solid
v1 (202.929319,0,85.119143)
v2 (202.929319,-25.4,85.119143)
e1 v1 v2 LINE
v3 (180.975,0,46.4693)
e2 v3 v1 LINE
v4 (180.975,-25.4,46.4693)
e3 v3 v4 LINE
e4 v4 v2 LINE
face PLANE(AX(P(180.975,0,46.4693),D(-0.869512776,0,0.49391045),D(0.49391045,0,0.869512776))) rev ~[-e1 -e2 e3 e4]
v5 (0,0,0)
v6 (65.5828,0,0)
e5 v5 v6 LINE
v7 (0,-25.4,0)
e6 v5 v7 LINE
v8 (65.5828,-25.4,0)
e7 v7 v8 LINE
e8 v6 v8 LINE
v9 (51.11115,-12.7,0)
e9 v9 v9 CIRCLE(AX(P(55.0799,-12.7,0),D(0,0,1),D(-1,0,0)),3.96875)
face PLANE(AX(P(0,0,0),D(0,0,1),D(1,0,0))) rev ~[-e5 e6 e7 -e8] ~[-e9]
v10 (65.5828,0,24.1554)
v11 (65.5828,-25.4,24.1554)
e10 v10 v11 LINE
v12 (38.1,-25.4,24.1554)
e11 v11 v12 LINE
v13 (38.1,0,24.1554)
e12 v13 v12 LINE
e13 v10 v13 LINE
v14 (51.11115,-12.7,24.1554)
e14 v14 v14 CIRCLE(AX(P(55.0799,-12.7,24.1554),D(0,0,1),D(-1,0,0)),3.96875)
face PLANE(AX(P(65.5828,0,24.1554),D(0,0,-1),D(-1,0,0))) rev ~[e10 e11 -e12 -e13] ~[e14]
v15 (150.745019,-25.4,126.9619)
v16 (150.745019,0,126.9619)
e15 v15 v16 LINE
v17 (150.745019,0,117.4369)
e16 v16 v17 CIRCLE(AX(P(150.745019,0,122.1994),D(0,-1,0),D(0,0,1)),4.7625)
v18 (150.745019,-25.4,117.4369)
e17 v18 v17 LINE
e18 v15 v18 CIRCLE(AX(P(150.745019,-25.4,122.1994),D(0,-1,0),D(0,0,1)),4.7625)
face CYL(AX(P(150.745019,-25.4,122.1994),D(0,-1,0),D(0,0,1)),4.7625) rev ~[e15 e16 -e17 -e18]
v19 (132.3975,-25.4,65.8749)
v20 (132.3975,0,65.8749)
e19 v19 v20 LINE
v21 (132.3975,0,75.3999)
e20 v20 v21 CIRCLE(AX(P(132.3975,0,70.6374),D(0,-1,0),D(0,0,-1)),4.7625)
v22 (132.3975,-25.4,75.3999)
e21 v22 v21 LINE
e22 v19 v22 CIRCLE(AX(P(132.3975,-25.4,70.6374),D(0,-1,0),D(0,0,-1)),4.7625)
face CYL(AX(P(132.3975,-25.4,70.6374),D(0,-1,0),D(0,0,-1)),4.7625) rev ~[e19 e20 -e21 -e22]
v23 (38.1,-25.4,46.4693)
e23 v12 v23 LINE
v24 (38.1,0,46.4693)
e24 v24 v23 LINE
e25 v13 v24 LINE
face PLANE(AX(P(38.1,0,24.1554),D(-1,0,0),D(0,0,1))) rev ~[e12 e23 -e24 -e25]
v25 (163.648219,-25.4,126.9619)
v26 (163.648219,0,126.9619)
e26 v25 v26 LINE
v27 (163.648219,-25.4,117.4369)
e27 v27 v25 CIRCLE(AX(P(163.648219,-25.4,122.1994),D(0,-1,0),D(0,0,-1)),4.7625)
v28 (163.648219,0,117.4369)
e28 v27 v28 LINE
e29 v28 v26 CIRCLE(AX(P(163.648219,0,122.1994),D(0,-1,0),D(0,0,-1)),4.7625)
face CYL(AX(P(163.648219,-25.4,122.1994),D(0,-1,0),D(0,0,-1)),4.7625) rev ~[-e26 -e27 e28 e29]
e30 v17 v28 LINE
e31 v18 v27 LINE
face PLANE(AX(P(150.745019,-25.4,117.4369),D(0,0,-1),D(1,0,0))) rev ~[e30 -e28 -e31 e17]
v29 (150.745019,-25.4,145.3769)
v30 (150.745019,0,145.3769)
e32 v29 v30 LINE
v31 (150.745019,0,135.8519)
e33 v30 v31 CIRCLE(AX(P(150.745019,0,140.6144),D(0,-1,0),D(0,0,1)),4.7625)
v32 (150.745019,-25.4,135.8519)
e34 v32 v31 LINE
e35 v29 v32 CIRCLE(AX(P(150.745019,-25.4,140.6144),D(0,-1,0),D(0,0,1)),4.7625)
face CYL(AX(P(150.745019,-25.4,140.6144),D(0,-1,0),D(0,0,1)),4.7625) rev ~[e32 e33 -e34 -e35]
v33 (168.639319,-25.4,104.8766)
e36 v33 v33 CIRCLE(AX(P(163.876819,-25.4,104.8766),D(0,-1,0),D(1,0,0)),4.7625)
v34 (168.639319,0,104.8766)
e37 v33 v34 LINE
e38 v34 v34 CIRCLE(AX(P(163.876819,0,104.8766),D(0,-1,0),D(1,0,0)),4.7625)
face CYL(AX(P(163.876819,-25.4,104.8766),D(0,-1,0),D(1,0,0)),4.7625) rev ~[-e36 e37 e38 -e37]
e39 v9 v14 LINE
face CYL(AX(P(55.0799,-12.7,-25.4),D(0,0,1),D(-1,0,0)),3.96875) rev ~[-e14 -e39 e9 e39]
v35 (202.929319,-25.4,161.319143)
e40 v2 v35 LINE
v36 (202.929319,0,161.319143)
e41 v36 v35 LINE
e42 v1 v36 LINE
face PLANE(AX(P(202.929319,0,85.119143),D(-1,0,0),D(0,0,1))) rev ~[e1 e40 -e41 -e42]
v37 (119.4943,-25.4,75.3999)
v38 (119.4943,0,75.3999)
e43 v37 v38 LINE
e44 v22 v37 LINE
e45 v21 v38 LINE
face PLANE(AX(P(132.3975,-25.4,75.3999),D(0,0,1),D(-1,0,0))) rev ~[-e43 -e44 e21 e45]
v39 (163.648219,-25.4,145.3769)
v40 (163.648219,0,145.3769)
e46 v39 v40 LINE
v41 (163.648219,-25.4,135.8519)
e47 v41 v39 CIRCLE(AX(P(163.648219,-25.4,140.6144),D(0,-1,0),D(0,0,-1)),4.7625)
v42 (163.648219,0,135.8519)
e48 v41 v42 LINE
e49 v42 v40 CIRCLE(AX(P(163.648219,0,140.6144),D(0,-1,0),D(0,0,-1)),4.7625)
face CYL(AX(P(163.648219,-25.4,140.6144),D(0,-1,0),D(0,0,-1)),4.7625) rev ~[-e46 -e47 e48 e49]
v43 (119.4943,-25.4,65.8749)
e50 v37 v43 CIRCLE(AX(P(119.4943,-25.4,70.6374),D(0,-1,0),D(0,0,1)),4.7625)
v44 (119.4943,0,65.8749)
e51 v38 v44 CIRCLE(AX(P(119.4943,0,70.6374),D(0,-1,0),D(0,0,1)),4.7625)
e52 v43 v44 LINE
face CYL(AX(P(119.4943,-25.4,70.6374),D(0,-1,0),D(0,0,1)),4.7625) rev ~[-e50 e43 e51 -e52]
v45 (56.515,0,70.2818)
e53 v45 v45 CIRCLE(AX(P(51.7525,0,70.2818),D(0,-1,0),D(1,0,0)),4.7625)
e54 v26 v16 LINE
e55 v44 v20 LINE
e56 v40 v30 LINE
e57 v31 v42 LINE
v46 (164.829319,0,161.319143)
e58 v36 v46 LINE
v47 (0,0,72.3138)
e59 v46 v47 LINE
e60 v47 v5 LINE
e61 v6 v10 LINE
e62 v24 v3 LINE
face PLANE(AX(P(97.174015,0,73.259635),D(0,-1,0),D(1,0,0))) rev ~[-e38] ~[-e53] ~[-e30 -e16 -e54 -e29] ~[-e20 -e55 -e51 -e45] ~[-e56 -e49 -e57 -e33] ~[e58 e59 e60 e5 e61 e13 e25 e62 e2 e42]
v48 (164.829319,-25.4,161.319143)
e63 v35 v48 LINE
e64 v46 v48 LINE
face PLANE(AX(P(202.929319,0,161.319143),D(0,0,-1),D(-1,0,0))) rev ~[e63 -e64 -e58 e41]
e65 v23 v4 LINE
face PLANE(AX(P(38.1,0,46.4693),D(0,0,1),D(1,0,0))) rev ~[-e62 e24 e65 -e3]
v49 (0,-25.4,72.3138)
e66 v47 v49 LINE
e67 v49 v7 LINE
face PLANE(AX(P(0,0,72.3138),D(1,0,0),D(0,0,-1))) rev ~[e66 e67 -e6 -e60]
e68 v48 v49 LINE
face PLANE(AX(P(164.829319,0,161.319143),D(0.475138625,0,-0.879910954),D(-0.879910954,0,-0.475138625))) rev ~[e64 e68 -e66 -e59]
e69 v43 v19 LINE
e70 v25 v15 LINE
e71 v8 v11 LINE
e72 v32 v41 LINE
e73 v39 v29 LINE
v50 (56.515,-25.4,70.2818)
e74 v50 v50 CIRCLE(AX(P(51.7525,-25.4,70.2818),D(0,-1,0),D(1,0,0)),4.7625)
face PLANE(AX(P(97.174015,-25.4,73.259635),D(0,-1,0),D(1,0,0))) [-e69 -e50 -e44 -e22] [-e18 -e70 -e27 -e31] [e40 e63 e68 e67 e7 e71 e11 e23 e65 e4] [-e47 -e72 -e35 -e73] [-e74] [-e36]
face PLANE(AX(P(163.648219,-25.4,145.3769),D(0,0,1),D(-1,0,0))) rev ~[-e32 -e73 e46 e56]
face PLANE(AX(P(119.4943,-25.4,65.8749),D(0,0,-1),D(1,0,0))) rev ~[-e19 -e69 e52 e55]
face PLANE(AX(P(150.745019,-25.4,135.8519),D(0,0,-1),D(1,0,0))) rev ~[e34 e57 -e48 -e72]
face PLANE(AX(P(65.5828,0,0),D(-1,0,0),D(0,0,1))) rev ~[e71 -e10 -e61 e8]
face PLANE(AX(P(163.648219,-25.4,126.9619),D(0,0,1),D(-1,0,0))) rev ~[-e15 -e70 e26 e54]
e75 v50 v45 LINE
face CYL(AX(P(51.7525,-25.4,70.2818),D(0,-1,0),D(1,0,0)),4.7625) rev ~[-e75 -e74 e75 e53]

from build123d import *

# Parameters (mm, degrees)
F1_DEPTH = 25.4
F2_R     = 4.7625
F3_DEPTH = 25.401
F5_D     = 7.9375
F5_DEPTH = 25.4
F5_TIP   = 2.3846655818


with BuildPart() as f1:
    # F0 (on Front) → F1 (new body)
    with BuildSketch(Plane.XZ):
        Polygon((0, 72.3138), (0, 0), (65.5828, 0), (65.5828, 24.1554), (38.1, 24.1554), (38.1, 46.4693), (180.975, 46.4693), (202.9293194803, 85.1191428995), (202.9293194803, 161.3191428995), (164.8293194803, 161.3191428995), align=None)
    extrude(amount=F1_DEPTH)

    # F2 (on face) → F3 (cut, through all)
    with BuildSketch(Plane.XZ.offset(25.4)):
        with Locations((51.7525, 70.2818)):
            Circle(F2_R)
        with Locations((163.8768194803, 104.8766)):
            Circle(F2_R)
        with BuildLine():
            Line((132.3975, 75.3999), (119.4943, 75.3999))
            ThreePointArc((119.4943, 75.3999), (114.7318, 70.6374), (119.4943, 65.8749))
            Line((119.4943, 65.8749), (132.3975, 65.8749))
            ThreePointArc((132.3975, 65.8749), (137.16, 70.6374), (132.3975, 75.3999))
        make_face()
        with BuildLine():
            Line((163.6482194803, 145.3769), (150.7450194803, 145.3769))
            ThreePointArc((150.7450194803, 145.3769), (145.9825194803, 140.6144), (150.7450194803, 135.8519))
            Line((150.7450194803, 135.8519), (163.6482194803, 135.8519))
            ThreePointArc((163.6482194803, 135.8519), (168.4107194803, 140.6144), (163.6482194803, 145.3769))
        make_face()
        with BuildLine():
            Line((163.6482194803, 126.9619), (150.7450194803, 126.9619))
            ThreePointArc((150.7450194803, 126.9619), (145.9825194803, 122.1994), (150.7450194803, 117.4369))
            Line((150.7450194803, 117.4369), (163.6482194803, 117.4369))
            ThreePointArc((163.6482194803, 117.4369), (168.4107194803, 122.1994), (163.6482194803, 126.9619))
        make_face()
    extrude(amount=-F3_DEPTH, mode=Mode.SUBTRACT)

    # F5
    with Locations(Plane(origin=(0, 0, 0), x_dir=(1, 0, 0), z_dir=(0, 0, -1))):
        with Locations((55.0799, 12.7)):
            Hole(F5_D / 2, depth=F5_DEPTH)
            with Locations((0, 0, -(F5_DEPTH + F5_TIP / 2))):  # 118° drill point
                Cone(0, F5_D / 2, F5_TIP, mode=Mode.SUBTRACT)


solid = f1.part
